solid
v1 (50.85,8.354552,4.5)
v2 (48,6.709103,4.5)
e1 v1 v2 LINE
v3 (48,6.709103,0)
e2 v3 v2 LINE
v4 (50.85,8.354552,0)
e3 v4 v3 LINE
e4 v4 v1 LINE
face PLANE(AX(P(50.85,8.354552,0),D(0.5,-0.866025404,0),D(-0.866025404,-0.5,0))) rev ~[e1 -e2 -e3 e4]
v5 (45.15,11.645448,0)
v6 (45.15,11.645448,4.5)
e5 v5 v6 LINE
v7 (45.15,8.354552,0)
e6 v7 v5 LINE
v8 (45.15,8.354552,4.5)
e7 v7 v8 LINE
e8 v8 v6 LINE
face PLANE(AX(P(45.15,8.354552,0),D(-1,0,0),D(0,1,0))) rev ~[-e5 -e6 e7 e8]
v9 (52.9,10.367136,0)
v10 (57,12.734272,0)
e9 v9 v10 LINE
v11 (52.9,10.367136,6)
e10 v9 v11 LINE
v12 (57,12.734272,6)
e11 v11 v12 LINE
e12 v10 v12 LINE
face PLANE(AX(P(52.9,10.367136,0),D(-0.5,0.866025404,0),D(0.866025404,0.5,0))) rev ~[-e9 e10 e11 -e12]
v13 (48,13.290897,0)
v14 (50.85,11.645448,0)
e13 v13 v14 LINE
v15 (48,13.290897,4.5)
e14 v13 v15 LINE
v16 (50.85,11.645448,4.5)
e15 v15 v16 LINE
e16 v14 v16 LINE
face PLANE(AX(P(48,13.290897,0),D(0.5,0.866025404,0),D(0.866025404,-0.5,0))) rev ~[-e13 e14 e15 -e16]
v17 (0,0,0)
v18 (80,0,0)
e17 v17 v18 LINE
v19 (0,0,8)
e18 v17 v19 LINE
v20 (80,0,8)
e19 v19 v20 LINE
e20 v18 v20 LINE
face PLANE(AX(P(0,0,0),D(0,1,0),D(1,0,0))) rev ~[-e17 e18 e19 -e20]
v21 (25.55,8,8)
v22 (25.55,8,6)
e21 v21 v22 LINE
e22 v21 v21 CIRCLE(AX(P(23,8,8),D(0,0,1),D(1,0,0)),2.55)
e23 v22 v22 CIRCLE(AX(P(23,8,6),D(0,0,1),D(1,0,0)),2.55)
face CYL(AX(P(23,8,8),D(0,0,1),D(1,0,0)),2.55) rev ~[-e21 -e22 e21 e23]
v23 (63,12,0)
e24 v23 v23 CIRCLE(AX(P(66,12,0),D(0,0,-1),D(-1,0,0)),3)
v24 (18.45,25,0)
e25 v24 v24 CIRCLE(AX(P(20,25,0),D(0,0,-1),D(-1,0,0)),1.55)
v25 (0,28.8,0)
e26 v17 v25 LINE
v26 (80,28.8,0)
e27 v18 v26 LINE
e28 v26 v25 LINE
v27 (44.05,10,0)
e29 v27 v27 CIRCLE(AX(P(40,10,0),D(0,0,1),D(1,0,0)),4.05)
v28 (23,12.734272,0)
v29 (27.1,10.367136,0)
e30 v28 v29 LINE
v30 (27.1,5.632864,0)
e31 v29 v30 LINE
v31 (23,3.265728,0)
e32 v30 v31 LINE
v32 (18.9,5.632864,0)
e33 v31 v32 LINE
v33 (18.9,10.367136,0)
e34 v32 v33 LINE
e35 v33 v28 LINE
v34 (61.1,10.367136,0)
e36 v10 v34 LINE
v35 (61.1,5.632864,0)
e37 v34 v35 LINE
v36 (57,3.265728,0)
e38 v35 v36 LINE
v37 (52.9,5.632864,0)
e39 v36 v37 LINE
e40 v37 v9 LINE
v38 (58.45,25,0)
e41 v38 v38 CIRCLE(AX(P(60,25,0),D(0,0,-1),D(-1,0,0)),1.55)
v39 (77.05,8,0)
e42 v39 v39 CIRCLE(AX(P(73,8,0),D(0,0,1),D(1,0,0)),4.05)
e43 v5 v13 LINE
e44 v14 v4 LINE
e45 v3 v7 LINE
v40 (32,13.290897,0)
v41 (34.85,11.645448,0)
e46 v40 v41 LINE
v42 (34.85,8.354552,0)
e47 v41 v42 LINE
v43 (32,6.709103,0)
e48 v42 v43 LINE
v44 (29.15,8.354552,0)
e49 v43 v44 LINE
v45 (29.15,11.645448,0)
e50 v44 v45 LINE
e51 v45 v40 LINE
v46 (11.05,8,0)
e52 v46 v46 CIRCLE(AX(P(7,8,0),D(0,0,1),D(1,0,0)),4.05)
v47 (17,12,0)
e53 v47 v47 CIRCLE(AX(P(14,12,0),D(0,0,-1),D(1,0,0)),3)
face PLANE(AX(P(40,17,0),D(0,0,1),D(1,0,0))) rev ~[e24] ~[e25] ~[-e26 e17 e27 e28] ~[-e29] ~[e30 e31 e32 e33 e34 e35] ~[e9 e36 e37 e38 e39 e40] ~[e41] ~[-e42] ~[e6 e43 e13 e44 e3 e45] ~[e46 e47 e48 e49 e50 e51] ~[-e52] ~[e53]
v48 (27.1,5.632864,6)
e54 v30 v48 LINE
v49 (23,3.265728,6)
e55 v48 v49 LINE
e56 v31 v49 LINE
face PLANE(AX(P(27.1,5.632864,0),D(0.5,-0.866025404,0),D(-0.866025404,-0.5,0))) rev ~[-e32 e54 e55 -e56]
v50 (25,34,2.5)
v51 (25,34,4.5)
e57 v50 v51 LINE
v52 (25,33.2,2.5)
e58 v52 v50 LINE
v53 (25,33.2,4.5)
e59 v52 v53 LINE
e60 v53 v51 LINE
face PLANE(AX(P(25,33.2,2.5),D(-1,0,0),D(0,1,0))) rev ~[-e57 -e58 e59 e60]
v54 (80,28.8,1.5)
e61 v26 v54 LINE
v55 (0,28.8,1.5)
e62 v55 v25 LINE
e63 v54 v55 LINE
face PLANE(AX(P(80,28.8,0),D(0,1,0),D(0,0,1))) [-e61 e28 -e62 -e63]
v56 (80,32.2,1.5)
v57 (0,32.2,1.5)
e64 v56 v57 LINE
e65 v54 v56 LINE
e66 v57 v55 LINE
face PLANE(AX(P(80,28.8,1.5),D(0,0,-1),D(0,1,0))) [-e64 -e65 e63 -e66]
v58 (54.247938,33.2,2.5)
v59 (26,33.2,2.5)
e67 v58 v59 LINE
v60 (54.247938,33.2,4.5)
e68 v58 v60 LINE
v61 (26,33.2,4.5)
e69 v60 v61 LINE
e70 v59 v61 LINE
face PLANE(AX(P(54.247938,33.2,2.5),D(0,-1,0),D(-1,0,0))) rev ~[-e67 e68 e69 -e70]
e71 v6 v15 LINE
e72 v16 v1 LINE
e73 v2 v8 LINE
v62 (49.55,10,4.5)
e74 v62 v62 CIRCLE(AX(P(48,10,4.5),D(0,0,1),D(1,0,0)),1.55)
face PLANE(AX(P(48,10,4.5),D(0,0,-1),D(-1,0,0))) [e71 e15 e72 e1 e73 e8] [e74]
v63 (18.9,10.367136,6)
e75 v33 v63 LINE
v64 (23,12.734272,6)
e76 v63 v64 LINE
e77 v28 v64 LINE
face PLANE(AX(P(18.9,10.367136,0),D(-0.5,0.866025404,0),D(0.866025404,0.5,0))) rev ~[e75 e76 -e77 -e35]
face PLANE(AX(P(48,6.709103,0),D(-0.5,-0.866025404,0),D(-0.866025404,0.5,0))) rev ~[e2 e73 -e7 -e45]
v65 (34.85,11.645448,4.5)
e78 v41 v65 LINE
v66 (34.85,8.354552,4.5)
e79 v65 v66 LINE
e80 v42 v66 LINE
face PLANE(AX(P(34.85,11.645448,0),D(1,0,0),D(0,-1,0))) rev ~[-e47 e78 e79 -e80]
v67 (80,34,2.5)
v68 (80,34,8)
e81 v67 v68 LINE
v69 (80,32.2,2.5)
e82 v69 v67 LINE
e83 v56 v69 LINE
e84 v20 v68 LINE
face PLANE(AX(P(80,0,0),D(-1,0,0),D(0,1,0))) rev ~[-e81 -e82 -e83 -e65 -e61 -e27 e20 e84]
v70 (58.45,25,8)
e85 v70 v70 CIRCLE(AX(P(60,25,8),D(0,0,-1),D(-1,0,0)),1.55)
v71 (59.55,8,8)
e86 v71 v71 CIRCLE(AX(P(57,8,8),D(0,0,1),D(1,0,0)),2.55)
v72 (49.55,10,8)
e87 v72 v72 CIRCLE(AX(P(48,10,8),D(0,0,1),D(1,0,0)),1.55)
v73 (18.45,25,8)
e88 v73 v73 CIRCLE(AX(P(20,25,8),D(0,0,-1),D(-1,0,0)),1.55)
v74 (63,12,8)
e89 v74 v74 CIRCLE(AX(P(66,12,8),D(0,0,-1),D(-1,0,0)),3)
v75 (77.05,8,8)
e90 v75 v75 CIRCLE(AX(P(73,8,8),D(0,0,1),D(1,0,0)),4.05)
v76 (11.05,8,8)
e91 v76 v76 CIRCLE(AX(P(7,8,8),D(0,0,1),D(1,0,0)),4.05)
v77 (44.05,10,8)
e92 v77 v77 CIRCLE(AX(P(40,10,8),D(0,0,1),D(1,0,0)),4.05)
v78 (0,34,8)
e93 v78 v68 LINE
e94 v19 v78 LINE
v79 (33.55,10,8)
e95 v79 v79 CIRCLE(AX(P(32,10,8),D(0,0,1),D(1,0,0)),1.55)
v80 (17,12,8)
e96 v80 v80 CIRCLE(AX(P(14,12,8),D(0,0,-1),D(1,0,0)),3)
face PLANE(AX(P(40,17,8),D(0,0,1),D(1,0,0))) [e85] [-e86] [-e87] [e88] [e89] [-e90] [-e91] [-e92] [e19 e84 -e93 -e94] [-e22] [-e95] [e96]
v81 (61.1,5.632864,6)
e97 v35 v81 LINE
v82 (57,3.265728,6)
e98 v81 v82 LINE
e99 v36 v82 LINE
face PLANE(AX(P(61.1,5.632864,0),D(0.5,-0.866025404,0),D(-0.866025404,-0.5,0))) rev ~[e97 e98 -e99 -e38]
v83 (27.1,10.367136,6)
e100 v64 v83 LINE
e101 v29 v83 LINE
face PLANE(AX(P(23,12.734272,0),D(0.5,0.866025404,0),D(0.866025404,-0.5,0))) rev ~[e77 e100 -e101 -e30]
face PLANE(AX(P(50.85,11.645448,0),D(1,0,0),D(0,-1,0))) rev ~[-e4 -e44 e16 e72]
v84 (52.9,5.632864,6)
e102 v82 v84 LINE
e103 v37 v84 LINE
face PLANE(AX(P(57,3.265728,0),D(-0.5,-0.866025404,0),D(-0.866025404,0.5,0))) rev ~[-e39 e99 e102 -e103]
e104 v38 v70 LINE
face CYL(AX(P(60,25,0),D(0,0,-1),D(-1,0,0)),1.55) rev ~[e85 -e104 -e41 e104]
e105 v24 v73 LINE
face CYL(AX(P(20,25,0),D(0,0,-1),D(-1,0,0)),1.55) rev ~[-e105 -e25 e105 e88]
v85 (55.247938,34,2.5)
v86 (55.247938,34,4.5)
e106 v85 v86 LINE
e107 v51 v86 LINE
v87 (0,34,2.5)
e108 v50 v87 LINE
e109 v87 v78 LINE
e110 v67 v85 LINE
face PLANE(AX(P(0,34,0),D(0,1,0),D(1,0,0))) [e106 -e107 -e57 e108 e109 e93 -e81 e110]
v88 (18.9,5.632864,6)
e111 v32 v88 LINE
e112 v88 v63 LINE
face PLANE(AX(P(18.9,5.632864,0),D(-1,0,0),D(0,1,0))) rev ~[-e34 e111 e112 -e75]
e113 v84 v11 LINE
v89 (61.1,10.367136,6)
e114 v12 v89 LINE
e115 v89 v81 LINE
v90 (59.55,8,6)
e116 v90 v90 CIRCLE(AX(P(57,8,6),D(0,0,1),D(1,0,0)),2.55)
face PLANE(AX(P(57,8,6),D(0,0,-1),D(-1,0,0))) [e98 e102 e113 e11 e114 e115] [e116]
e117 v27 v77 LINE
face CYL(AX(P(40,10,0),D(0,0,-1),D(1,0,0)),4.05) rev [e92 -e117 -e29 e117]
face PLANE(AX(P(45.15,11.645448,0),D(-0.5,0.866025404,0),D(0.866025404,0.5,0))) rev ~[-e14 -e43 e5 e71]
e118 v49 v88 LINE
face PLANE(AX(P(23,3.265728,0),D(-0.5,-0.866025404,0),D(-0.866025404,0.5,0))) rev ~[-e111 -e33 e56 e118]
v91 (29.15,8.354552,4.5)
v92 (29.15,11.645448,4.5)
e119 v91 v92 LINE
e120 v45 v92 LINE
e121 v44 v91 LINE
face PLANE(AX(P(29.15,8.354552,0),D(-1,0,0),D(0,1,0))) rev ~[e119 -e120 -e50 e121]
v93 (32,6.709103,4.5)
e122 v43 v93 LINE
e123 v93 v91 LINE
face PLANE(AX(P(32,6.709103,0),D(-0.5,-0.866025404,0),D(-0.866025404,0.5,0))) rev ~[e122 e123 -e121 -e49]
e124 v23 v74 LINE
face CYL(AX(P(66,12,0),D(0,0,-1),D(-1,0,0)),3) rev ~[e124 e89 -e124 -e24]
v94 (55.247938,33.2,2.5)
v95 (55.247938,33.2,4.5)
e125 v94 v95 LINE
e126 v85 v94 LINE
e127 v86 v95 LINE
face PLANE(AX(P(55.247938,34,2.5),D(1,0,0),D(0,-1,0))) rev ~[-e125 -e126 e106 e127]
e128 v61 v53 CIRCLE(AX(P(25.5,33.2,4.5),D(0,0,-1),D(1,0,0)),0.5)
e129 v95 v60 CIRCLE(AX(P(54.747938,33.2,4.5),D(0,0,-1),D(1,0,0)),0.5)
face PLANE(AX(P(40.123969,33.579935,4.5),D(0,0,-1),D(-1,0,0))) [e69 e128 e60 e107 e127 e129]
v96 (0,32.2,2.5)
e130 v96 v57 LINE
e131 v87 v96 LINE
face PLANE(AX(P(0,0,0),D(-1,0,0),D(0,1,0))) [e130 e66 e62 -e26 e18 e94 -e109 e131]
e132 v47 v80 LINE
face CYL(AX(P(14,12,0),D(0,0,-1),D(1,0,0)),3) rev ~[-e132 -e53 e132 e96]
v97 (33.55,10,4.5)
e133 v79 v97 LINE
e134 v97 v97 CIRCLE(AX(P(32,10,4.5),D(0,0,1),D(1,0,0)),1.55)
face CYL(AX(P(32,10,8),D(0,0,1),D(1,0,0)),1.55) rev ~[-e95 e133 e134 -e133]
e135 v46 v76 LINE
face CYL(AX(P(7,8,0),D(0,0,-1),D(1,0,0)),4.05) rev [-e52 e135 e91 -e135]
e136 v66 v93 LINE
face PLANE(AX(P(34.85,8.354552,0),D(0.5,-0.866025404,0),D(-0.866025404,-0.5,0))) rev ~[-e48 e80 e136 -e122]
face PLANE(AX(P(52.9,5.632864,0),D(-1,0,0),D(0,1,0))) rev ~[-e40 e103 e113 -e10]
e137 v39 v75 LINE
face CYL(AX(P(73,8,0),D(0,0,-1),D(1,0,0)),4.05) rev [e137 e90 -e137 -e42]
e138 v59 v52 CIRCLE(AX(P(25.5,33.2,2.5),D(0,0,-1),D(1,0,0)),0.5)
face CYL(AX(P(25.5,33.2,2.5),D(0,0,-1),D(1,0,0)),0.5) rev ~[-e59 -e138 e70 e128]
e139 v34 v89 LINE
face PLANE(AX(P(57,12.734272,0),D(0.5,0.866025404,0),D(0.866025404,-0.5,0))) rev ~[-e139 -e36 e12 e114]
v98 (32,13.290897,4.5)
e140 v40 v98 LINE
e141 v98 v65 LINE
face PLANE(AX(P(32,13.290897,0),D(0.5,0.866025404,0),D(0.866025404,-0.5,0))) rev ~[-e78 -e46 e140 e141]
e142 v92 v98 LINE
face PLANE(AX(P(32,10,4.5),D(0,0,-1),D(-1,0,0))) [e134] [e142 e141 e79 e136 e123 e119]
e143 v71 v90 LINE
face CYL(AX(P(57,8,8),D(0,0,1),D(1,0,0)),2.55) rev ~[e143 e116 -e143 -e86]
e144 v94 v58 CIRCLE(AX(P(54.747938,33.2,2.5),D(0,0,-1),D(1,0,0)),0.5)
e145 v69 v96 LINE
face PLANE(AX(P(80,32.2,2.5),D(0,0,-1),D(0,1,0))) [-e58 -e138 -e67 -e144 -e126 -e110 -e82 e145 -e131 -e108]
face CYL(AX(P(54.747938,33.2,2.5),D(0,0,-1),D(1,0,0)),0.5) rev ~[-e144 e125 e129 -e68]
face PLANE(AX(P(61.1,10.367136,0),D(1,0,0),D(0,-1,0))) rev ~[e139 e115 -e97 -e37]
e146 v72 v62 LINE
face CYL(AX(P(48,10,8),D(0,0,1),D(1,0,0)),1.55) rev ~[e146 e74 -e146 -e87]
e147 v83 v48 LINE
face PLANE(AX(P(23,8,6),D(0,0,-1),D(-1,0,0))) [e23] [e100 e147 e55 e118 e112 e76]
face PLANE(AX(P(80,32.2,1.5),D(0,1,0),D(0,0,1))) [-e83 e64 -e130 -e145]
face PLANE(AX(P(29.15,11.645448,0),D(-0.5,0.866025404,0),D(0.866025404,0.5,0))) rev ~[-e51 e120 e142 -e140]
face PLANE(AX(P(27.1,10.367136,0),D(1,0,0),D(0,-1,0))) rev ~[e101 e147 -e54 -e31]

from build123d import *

# Parameters (mm, degrees)
SKETCH_2_W           = 80
SKETCH_2_H           = 34
SKETCH_2_R           = 4.05
EXTRUDE_1_DEPTH      = 8
SKETCH_3_R           = 2.55
CUT_EXTRUDE_1_DEPTH  = 88.292611371
CUT_EXTRUDE_2_DEPTH  = 88.292611371
SKETCH_5_R           = 1.55
CUT_EXTRUDE_3_DEPTH  = 88.292611371
CUT_EXTRUDE_15_DEPTH = 4.5
SKETCH_11_R          = 1.55
CUT_EXTRUDE_7_DEPTH  = 88.292611371
CUT_EXTRUDE_11_DEPTH = 2
SKETCH_21_R          = 3
CUT_EXTRUDE_13_DEPTH = 88.292611371
CUT_EXTRUDE_14_DEPTH = 6


with BuildPart() as part:
    # 草图2 → 凸台-拉伸1 (new body)
    with BuildSketch(Plane.XY):
        with Locations((40, 17)):
            Rectangle(SKETCH_2_W, SKETCH_2_H)
        with Locations((7, 8)):
            Circle(SKETCH_2_R, mode=Mode.SUBTRACT)
        with Locations((40, 10)):
            Circle(SKETCH_2_R, mode=Mode.SUBTRACT)
        with Locations((73, 8)):
            Circle(SKETCH_2_R, mode=Mode.SUBTRACT)
    extrude(amount=EXTRUDE_1_DEPTH)

    # 草图3 → 切除-拉伸1 (cut, through all)
    with BuildSketch(Plane.XY.offset(8)):
        with Locations((23, 8)):
            Circle(SKETCH_3_R)
        with Locations((57, 8)):
            Circle(SKETCH_3_R)
    extrude(amount=-CUT_EXTRUDE_1_DEPTH, mode=Mode.SUBTRACT)

    # 草图4 → 切除-拉伸2 (cut, through all)
    with BuildSketch(Plane(origin=(80, 0, 0), x_dir=(0, 0, -1), z_dir=(1, 0, 0))):
        Polygon((-1.5, 32.2), (-2.5, 32.2), (-2.5, 34), (0, 34), (0, 28.8), (-1.5, 28.8), align=None)
    extrude(amount=-CUT_EXTRUDE_2_DEPTH, mode=Mode.SUBTRACT)

    # 草图5 → 切除-拉伸3 (cut, through all)
    with BuildSketch(Plane.XY.offset(8)):
        with Locations((48, 10)):
            Circle(SKETCH_5_R)
        with Locations((32, 10)):
            Circle(SKETCH_5_R)
    extrude(amount=-CUT_EXTRUDE_3_DEPTH, mode=Mode.SUBTRACT)

    # 草图8 → 切除-拉伸15 (cut)
    with BuildSketch(Plane(origin=(0, 0, 0), x_dir=(-1, 0, 0), z_dir=(0, 0, -1))):
        Polygon((-48, 6.709103466), (-45.15, 8.354551733), (-45.15, 11.645448267), (-48, 13.290896534), (-50.85, 11.645448267), (-50.85, 8.354551733), align=None)
        Polygon((-34.85, 11.645448267), (-34.85, 8.354551733), (-32, 6.709103466), (-29.15, 8.354551733), (-29.15, 11.645448267), (-32, 13.290896534), align=None)
    extrude(amount=-CUT_EXTRUDE_15_DEPTH, mode=Mode.SUBTRACT)

    # 草图11 → 切除-拉伸7 (cut, through all)
    with BuildSketch(Plane(origin=(0, 0, 0), x_dir=(-1, 0, 0), z_dir=(0, 0, -1))):
        with Locations((-60, 25)):
            Circle(SKETCH_11_R)
        with Locations((-20, 25)):
            Circle(SKETCH_11_R)
    extrude(amount=-CUT_EXTRUDE_7_DEPTH, mode=Mode.SUBTRACT)

    # 草图19 → 切除-拉伸11 (cut)
    with BuildSketch(Plane(origin=(0, 0, 2.5), x_dir=(-1, 0, 0), z_dir=(0, 0, -1))):
        with BuildLine():
            Line((-25, 34), (-55.247938178, 34))
            Line((-55.247938178, 34), (-55.247938178, 33.2))
            ThreePointArc((-55.247938178, 33.2), (-54.747938178, 32.7), (-54.247938178, 33.2))
            Line((-54.247938178, 33.2), (-26, 33.2))
            ThreePointArc((-26, 33.2), (-25.5, 32.7), (-25, 33.2))
            Line((-25, 33.2), (-25, 34))
        make_face()
    extrude(amount=-CUT_EXTRUDE_11_DEPTH, mode=Mode.SUBTRACT)

    # 草图21 → 切除-拉伸13 (cut, through all)
    with BuildSketch(Plane(origin=(0, 0, 0), x_dir=(-1, 0, 0), z_dir=(0, 0, -1))):
        with Locations((-66, 12)):
            Circle(SKETCH_21_R)
        with Locations(Location((-14, 12, 0), (0, 0, 180))):
            Circle(SKETCH_21_R)
    extrude(amount=-CUT_EXTRUDE_13_DEPTH, mode=Mode.SUBTRACT)

    # 草图22 → 切除-拉伸14 (cut)
    with BuildSketch(Plane(origin=(0, 0, 0), x_dir=(-1, 0, 0), z_dir=(0, 0, -1))):
        Polygon((-52.9, 5.632863896), (-52.9, 10.367136104), (-57, 12.734272207), (-61.1, 10.367136104), (-61.1, 5.632863896), (-57, 3.265727793), align=None)
        Polygon((-23, 3.265727793), (-18.9, 5.632863896), (-18.9, 10.367136104), (-23, 12.734272207), (-27.1, 10.367136104), (-27.1, 5.632863896), align=None)
    extrude(amount=-CUT_EXTRUDE_14_DEPTH, mode=Mode.SUBTRACT)


solid = part.part
